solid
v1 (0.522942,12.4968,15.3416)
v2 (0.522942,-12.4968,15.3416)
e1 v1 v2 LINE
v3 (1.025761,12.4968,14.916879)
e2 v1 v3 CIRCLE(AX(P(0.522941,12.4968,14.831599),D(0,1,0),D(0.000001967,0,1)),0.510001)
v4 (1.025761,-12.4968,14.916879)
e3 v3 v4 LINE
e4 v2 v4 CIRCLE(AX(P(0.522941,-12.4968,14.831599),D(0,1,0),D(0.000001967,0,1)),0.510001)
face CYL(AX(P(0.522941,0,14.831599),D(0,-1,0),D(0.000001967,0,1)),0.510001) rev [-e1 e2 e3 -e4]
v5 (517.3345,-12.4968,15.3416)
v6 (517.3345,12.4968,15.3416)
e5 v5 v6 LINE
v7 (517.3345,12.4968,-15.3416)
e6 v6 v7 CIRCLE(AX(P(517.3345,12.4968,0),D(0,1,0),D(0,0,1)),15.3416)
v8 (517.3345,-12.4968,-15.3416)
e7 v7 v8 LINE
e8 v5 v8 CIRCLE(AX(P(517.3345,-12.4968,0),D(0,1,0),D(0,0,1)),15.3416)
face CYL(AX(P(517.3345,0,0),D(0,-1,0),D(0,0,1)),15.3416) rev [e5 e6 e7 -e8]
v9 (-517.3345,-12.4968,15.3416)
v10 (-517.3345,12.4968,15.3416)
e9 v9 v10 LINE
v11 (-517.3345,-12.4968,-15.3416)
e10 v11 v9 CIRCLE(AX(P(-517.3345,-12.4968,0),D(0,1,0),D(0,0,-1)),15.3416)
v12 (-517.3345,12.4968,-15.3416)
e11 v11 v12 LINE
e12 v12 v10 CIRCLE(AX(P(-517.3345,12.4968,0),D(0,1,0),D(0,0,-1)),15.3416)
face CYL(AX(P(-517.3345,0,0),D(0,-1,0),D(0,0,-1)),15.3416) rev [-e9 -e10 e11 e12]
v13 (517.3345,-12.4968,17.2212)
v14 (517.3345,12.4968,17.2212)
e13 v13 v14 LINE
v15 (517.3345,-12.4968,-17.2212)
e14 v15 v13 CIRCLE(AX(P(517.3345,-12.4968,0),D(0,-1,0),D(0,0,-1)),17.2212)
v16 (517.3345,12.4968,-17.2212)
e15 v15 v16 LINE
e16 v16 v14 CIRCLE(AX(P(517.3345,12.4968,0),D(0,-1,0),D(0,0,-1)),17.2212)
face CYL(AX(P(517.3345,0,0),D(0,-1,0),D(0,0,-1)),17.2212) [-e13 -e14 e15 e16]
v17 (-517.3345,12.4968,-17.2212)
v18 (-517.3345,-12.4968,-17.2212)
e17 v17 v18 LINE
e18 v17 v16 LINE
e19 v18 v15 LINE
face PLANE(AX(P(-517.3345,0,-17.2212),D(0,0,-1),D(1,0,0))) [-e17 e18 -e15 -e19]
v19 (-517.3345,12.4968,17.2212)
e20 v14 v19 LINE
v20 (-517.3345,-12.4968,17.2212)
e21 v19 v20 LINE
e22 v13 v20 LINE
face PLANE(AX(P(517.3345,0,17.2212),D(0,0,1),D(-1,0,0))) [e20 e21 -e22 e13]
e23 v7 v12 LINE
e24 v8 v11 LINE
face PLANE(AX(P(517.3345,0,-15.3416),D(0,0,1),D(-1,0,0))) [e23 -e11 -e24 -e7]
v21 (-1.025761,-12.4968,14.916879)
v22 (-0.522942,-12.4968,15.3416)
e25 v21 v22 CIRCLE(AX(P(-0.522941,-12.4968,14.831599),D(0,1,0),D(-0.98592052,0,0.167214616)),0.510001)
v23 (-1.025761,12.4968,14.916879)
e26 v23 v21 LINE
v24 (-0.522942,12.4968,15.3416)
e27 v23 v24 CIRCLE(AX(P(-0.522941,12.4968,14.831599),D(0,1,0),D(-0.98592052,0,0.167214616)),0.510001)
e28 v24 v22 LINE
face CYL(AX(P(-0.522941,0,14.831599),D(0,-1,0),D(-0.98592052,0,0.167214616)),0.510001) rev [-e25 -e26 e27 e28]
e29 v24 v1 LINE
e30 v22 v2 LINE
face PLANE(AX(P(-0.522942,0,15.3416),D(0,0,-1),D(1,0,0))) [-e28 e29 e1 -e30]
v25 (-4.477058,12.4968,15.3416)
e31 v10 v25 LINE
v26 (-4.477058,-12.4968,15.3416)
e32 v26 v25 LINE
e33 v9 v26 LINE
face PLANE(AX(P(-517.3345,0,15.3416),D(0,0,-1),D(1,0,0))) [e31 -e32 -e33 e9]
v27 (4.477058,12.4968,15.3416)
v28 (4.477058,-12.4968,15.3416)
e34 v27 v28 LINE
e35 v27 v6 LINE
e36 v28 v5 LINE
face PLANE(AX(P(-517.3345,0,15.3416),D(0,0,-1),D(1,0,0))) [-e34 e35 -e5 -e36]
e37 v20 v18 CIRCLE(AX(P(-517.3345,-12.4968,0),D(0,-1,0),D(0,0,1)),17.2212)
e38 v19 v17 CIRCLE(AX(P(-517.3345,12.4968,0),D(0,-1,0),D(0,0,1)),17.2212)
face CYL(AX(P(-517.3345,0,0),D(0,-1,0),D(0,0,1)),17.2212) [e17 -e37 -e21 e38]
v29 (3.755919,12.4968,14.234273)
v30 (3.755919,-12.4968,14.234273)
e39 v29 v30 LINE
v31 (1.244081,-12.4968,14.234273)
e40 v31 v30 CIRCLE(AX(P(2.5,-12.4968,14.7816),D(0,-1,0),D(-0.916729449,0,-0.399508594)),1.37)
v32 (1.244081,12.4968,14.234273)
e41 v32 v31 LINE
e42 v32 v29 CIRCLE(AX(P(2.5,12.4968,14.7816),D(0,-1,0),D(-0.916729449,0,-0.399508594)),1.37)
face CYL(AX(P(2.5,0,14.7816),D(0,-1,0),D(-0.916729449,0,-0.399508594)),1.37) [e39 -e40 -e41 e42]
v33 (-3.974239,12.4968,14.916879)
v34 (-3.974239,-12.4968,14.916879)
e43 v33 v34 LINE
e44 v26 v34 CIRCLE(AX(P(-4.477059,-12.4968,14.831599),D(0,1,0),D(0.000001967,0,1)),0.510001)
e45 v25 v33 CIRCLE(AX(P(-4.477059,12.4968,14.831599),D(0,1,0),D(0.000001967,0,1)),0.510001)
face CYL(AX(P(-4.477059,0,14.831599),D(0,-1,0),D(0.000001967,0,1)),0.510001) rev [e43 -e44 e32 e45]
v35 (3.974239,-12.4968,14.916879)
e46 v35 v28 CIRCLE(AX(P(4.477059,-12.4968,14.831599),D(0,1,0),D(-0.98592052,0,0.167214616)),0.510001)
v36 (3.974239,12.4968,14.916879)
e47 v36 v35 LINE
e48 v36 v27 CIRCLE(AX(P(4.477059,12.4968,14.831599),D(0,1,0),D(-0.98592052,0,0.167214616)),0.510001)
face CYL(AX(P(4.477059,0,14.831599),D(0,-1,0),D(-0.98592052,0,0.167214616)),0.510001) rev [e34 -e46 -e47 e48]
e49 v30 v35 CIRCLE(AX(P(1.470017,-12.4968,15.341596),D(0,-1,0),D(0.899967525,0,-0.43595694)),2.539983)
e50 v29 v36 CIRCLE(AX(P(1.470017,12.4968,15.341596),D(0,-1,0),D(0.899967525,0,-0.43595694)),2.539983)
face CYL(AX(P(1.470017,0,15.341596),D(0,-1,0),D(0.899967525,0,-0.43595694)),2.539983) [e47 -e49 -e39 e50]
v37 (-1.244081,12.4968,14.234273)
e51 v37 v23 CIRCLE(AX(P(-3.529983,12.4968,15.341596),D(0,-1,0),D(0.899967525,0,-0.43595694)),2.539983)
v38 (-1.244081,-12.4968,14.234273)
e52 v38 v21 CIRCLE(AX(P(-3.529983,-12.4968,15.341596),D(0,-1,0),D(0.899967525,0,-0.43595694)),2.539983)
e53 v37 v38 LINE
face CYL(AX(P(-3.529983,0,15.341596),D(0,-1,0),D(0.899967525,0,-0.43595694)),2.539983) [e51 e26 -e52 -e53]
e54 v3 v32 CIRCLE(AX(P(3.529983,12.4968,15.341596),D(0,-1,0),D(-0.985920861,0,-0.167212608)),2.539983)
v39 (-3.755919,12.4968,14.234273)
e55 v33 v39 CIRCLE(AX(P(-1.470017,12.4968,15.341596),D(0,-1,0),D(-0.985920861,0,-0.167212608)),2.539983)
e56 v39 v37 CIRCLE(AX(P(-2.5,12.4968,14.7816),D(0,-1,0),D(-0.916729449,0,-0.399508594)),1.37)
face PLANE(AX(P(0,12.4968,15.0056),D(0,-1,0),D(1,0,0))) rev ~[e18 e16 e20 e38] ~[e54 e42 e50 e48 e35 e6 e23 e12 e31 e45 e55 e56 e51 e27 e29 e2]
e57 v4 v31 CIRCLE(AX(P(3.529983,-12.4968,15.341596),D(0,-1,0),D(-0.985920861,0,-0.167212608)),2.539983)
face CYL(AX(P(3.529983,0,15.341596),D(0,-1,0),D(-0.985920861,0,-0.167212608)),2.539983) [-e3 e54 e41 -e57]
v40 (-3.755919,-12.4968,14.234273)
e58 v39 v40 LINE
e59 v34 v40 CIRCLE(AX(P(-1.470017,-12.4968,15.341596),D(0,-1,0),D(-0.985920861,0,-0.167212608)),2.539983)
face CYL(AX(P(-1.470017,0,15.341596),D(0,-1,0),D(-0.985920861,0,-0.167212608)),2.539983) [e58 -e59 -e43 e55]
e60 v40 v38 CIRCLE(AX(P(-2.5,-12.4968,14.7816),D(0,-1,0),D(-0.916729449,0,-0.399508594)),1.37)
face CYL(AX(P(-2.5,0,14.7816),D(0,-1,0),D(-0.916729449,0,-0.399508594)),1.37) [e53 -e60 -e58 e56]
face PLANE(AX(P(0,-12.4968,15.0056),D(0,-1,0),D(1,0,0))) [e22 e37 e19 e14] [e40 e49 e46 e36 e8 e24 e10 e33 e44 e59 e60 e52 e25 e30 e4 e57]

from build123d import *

# Parameters (mm, degrees)
F1_DEPTH = 12.4968
F3_DEPTH = 12.4968


with BuildPart() as f1:
    # F0 (on Front) → F1 (new body, symmetric)
    with BuildSketch(Plane.XZ):
        with BuildLine():
            Line((517.3345, 17.2212), (-517.3345, 17.2212))
            ThreePointArc((-517.3345, 17.2212), (-534.5557, 0), (-517.3345, -17.2212))
            Line((-517.3345, -17.2212), (517.3345, -17.2212))
            ThreePointArc((517.3345, -17.2212), (534.5557, 0), (517.3345, 17.2212))
        make_face()
        with BuildLine():
            Line((517.3345, -15.3416), (-517.3345, -15.3416))
            ThreePointArc((-517.3345, -15.3416), (-532.6761, 0), (-517.3345, 15.3416))
            Line((-517.3345, 15.3416), (517.3345, 15.3416))
            ThreePointArc((517.3345, 15.3416), (532.6761, 0), (517.3345, -15.3416))
        make_face(mode=Mode.SUBTRACT)
    extrude(amount=F1_DEPTH, both=True)

    # F2 (on Front) → F3 (join, symmetric)
    with BuildSketch(Plane.XZ):
        with BuildLine():
            ThreePointArc((-4.477058, 15.3416), (-4.147963, 15.22121), (-3.974239, 14.916879))
            ThreePointArc((-3.974239, 14.916879), (-3.889275, 14.567837), (-3.755919, 14.234273))
            ThreePointArc((-3.755919, 14.234273), (-2.5, 13.4116), (-1.244081, 14.234273))
            ThreePointArc((-1.244081, 14.234273), (-1.110725, 14.567837), (-1.025761, 14.916879))
            ThreePointArc((-1.025761, 14.916879), (-0.852037, 15.22121), (-0.522942, 15.3416))
            Line((-0.522942, 15.3416), (0.522942, 15.3416))
            ThreePointArc((0.522942, 15.3416), (0.852037, 15.22121), (1.025761, 14.916879))
            ThreePointArc((1.025761, 14.916879), (1.110725, 14.567837), (1.244081, 14.234273))
            ThreePointArc((1.244081, 14.234273), (2.5, 13.4116), (3.755919, 14.234273))
            ThreePointArc((3.755919, 14.234273), (3.889275, 14.567837), (3.974239, 14.916879))
            ThreePointArc((3.974239, 14.916879), (4.147963, 15.22121), (4.477058, 15.3416))
            Line((4.477058, 15.3416), (4.477058, 15.8496))
            Line((4.477058, 15.8496), (-4.477058, 15.8496))
            Line((-4.477058, 15.8496), (-4.477058, 15.3416))
        make_face()
    extrude(amount=F3_DEPTH, both=True)


solid = f1.part
